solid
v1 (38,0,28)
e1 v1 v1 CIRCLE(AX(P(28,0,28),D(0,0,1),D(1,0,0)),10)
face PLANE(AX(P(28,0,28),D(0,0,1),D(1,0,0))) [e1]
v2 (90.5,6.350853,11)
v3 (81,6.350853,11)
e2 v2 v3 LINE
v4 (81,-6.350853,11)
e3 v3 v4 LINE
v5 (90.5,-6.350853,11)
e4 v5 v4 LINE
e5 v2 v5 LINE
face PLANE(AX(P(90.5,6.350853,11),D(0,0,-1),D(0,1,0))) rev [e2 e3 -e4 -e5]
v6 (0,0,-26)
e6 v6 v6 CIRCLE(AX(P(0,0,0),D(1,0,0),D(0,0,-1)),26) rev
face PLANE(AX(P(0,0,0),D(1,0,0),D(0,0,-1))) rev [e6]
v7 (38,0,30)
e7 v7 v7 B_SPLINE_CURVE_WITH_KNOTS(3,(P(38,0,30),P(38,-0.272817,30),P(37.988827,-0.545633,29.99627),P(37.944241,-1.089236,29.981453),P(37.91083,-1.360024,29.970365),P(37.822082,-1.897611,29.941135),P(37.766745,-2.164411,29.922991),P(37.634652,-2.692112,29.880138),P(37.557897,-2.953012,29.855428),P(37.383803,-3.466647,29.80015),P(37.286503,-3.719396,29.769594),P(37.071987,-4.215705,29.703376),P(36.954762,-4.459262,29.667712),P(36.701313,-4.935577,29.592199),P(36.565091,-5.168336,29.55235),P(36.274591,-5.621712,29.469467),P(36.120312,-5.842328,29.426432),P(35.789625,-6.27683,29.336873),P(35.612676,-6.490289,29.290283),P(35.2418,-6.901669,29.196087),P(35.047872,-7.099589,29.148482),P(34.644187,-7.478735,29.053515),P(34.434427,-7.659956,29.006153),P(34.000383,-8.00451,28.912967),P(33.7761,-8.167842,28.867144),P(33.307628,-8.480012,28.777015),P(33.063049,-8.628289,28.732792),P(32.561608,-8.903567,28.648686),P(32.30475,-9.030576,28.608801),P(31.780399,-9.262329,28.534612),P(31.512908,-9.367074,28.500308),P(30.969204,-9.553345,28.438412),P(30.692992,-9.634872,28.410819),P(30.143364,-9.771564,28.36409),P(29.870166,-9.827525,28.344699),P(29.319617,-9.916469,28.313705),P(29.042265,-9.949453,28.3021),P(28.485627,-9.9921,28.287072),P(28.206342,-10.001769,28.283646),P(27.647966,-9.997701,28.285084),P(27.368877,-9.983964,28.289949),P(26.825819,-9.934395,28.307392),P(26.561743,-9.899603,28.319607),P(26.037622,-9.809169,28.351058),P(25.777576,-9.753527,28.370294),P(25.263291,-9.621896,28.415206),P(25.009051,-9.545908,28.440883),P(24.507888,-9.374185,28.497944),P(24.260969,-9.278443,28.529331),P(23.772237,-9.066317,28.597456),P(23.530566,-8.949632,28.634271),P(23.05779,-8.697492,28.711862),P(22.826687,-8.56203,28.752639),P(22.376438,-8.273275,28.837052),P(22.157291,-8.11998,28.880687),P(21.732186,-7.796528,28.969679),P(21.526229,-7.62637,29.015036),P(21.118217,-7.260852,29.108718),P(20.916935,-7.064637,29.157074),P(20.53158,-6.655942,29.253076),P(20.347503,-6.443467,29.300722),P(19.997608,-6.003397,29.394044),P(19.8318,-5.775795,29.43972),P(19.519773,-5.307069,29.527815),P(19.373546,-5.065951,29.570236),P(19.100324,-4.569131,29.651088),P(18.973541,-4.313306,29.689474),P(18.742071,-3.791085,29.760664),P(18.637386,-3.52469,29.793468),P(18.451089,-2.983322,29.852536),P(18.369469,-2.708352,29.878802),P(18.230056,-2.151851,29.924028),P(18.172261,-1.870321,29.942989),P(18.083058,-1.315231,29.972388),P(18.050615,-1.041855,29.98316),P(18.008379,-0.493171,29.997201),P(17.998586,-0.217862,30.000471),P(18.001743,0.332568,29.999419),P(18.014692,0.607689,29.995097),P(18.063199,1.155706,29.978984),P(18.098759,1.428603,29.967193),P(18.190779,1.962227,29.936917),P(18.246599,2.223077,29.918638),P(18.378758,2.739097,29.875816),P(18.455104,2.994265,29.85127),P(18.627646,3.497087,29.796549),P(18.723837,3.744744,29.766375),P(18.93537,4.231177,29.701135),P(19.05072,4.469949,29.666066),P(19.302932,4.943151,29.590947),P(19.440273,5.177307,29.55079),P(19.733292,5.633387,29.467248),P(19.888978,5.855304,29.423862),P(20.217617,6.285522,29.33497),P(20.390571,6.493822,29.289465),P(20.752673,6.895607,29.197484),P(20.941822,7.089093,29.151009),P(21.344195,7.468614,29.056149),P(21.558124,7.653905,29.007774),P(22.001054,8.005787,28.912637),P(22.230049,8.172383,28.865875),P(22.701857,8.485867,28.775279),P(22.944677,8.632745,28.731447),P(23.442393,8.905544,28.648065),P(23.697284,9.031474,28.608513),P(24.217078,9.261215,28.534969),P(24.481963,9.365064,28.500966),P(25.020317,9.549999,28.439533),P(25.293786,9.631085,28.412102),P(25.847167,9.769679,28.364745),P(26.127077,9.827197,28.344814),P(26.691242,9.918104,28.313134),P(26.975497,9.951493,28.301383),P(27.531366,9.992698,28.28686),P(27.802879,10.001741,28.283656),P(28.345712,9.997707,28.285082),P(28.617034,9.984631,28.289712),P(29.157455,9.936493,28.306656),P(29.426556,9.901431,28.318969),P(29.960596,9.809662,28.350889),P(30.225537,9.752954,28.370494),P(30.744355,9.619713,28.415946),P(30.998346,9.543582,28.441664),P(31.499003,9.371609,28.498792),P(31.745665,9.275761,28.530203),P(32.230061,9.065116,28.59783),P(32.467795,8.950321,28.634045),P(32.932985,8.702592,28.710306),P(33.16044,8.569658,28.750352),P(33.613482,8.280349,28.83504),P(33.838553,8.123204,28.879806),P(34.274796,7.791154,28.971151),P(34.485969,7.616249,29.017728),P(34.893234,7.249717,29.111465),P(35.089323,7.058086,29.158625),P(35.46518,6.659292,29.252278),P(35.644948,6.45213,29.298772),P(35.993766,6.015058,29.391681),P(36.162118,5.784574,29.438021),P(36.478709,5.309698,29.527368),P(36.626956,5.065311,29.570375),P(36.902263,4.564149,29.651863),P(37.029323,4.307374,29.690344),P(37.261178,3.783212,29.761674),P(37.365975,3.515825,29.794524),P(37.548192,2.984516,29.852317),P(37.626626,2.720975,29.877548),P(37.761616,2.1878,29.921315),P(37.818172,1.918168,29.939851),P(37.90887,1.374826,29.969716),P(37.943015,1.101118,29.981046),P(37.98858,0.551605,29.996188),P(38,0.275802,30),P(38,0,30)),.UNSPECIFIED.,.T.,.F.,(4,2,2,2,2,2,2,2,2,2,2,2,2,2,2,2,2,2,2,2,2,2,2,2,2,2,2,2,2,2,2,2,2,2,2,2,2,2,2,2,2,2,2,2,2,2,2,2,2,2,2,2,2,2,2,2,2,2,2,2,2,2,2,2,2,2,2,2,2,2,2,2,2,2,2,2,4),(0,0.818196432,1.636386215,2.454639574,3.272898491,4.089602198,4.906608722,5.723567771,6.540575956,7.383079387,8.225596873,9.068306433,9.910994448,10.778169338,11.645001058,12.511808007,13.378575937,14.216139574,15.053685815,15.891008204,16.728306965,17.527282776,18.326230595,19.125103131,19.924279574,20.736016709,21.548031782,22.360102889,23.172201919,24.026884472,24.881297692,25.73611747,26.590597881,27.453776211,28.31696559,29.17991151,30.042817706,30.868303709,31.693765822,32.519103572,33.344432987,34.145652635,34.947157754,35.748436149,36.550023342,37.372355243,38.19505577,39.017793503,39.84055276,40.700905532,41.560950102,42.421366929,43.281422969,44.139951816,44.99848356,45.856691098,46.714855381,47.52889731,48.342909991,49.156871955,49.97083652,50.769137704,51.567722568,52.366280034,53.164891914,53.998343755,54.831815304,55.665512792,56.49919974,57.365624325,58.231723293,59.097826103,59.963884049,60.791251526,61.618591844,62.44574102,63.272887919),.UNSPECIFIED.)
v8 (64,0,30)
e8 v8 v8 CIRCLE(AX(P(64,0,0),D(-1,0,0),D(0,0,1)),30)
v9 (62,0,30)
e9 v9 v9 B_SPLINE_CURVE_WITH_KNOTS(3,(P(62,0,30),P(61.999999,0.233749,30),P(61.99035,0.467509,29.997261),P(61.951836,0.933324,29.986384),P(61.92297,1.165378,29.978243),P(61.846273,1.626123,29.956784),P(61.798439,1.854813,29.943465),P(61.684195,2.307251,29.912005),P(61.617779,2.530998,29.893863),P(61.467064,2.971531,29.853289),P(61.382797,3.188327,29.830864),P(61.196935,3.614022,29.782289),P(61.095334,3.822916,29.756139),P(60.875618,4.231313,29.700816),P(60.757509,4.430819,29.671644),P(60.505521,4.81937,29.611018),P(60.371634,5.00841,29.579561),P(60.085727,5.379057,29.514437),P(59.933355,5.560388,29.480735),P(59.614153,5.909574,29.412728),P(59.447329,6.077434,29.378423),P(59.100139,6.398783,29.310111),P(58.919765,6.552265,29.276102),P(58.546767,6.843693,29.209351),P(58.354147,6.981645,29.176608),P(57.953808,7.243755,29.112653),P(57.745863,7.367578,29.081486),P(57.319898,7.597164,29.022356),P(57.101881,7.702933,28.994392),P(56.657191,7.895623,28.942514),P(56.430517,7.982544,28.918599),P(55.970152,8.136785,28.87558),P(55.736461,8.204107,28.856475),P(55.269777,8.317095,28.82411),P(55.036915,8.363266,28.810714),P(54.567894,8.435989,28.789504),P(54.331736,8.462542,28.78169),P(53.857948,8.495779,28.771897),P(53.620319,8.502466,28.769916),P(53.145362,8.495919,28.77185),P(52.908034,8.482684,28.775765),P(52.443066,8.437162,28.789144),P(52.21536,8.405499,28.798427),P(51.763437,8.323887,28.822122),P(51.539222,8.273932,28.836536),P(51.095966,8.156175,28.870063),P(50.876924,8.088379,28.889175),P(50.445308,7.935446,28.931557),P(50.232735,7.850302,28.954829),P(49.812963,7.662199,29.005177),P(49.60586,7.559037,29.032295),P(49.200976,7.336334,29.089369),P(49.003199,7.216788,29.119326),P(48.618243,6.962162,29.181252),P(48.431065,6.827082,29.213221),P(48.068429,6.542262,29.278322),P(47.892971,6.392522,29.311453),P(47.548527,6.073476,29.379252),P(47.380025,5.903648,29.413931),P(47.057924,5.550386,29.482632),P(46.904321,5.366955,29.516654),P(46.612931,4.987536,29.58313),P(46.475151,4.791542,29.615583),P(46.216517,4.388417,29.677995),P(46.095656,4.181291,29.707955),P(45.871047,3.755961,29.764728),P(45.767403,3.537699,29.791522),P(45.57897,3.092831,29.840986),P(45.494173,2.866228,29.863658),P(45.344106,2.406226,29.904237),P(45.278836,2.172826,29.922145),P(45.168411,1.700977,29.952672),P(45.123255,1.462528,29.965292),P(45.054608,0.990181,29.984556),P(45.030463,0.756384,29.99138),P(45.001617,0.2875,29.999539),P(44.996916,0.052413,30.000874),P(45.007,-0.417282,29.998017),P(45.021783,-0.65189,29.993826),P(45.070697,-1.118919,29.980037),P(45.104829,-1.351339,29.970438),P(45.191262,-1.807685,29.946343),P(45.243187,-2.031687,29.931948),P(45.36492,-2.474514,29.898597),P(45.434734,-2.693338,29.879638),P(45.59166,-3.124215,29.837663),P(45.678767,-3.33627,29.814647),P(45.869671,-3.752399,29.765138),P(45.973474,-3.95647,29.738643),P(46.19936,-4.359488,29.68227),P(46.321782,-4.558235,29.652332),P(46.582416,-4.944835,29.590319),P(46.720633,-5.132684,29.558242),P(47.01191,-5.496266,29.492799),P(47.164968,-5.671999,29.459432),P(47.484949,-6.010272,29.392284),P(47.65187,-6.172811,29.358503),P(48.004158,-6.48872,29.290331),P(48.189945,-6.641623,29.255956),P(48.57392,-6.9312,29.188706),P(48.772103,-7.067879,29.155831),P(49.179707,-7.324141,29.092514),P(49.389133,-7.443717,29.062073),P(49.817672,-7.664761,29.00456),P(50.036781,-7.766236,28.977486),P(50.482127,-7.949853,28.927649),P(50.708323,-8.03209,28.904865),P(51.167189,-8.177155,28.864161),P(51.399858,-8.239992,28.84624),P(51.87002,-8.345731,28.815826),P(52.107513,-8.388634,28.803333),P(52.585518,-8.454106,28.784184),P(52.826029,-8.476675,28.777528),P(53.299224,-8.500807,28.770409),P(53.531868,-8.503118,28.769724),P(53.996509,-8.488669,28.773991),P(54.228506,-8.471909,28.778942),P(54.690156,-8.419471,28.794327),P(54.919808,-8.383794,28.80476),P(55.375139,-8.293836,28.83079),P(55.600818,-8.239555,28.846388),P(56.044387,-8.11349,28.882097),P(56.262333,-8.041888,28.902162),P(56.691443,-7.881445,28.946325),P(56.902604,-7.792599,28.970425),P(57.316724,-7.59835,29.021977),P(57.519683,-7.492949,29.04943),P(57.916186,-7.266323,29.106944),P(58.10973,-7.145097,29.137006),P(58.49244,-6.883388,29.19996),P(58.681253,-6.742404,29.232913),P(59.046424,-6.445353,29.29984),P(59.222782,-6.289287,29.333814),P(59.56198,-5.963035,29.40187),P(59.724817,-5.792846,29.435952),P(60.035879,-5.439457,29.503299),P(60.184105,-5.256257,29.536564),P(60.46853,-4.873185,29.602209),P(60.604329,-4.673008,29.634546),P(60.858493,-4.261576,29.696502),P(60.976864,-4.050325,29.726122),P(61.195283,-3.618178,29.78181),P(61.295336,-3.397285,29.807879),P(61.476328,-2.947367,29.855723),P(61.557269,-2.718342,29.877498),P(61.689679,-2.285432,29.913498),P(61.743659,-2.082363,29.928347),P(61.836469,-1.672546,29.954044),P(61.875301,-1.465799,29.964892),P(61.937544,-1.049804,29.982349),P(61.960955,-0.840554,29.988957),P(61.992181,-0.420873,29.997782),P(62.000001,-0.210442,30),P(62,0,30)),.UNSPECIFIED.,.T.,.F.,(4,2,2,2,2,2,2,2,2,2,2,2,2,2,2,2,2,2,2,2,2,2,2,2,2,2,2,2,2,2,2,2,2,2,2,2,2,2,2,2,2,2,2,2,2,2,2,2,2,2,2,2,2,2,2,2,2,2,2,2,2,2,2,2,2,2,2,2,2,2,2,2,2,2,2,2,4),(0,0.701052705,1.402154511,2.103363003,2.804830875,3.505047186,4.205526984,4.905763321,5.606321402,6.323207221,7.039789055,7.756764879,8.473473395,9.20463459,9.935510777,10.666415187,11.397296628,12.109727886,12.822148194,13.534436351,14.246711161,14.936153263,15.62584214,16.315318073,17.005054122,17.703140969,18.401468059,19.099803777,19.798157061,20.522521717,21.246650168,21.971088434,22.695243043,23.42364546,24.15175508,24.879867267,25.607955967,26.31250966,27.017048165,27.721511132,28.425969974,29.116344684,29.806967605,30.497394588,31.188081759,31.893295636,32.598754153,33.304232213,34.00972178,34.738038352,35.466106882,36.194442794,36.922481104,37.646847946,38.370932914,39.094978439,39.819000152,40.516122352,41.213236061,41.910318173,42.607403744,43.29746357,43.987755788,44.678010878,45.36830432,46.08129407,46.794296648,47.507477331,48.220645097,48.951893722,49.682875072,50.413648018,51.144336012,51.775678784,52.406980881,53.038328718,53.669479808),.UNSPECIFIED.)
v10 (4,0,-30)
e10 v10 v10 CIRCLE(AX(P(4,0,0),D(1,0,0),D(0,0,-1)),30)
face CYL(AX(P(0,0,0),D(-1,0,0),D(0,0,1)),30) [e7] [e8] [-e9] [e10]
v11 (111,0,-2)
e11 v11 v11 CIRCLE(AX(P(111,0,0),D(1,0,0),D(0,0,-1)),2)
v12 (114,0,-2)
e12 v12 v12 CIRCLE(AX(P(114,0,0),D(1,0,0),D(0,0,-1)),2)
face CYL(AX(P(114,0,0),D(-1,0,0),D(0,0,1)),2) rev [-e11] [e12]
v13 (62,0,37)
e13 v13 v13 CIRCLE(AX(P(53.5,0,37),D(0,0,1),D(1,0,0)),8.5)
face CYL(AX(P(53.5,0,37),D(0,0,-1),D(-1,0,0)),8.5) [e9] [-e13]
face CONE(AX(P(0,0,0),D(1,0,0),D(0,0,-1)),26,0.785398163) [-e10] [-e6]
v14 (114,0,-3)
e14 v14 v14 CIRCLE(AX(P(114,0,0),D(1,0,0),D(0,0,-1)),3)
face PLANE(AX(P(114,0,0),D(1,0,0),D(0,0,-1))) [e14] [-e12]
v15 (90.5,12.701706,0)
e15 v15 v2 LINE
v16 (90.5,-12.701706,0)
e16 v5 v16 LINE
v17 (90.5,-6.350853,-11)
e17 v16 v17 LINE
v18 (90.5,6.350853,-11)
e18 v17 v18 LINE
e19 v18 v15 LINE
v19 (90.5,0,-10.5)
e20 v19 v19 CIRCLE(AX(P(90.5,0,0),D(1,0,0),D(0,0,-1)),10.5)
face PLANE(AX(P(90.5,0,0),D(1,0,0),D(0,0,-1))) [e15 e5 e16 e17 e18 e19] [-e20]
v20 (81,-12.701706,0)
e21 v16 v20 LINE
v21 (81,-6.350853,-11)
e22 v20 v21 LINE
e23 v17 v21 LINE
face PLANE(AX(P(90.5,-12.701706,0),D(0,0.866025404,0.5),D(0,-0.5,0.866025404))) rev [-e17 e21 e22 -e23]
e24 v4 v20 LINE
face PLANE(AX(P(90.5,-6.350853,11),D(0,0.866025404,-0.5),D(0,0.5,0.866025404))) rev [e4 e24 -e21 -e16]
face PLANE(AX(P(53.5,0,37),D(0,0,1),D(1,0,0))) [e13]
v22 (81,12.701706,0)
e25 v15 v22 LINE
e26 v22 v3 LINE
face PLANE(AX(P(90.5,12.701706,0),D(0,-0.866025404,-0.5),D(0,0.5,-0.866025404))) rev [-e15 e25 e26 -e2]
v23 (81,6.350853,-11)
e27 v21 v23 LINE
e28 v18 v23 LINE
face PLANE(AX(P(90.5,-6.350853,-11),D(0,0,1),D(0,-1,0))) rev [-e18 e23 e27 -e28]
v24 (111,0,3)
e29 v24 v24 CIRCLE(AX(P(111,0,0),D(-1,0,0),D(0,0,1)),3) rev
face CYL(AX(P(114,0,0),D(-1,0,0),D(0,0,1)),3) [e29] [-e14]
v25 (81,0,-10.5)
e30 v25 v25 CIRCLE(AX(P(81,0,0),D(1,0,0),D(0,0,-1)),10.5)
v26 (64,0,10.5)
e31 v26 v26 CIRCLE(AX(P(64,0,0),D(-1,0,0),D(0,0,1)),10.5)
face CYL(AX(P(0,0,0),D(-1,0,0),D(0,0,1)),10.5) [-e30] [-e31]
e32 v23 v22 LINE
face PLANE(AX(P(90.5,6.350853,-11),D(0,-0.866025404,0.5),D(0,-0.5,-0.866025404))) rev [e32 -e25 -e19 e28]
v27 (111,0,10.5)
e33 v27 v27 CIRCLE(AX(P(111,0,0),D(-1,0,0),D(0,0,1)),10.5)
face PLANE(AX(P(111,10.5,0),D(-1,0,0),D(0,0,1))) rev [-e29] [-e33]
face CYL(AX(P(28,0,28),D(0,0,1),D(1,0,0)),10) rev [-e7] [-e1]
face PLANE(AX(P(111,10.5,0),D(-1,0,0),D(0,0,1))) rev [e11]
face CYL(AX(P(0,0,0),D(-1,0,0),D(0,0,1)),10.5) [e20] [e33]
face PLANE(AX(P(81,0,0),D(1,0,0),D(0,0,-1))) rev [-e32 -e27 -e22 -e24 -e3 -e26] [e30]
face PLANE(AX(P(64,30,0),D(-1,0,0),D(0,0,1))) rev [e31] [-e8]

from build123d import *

# Parameters (mm, degrees)
ZKOSEN_1_SIZE            = 4
SKICA2_R                 = 10
ODEBRAT_VYSUNUT_M1_DEPTH = 2
P_IDAT_VYSUNUT_M1_DEPTH  = 9.5
SKICA4_R                 = 3
SKICA4_R_2               = 2
P_IDAT_VYSUNUT_M2_DEPTH  = 3
SKICA5_R                 = 8.5
P_IDAT_VYSUNUT_M3_DEPTH  = 9


with BuildPart() as part:
    # Skica1 → Rotovat1 (revolve)
    with BuildSketch(Plane.XY, mode=Mode.PRIVATE) as rotovat1_sk:
        Polygon((0, 0), (0, 30), (64, 30), (64, 10.5), (111, 10.5), (111, 0), align=None)
    revolve(rotovat1_sk.sketch.rotate(Axis((0, 0, 0), (1, 0, 0)), 90), axis=Axis((0, 0, 0), (1, 0, 0)))

    # Zkosení1
    zkosen_1_edges = [part.edges().sort_by_distance(p)[0] for p in [
        (0, 0, -30),
    ]]
    chamfer(zkosen_1_edges, length=ZKOSEN_1_SIZE)

    # Skica2 → Odebrat vysunutím1 (cut)
    with BuildSketch(Plane.XY.offset(30)):
        with Locations((28, 0)):
            Circle(SKICA2_R)
    extrude(amount=-ODEBRAT_VYSUNUT_M1_DEPTH, mode=Mode.SUBTRACT)

    # Skica3 → Přidat vysunutím1 (add)
    with BuildSketch(Plane(origin=(81, 0, 0), x_dir=(0, 0, -1), z_dir=(1, 0, 0))):
        Polygon((0, 12.701705922), (-11, 6.350852961), (-11, -6.350852961), (0, -12.701705922), (11, -6.350852961), (11, 6.350852961), align=None)
    extrude(amount=P_IDAT_VYSUNUT_M1_DEPTH)

    # Skica4 → Přidat vysunutím2 (add)
    with BuildSketch(Plane(origin=(111, 0, 0), x_dir=(0, 0, -1), z_dir=(1, 0, 0))):
        with Locations(Location((0, 0, 0), (0, 0, 180))):
            Circle(SKICA4_R)
        Circle(SKICA4_R_2, mode=Mode.SUBTRACT)
    extrude(amount=P_IDAT_VYSUNUT_M2_DEPTH)

    # Skica5 → Přidat vysunutím3 (add)
    with BuildSketch(Plane.XY.offset(28)):
        with Locations((53.5, 0)):
            Circle(SKICA5_R)
    extrude(amount=P_IDAT_VYSUNUT_M3_DEPTH)


solid = part.part
